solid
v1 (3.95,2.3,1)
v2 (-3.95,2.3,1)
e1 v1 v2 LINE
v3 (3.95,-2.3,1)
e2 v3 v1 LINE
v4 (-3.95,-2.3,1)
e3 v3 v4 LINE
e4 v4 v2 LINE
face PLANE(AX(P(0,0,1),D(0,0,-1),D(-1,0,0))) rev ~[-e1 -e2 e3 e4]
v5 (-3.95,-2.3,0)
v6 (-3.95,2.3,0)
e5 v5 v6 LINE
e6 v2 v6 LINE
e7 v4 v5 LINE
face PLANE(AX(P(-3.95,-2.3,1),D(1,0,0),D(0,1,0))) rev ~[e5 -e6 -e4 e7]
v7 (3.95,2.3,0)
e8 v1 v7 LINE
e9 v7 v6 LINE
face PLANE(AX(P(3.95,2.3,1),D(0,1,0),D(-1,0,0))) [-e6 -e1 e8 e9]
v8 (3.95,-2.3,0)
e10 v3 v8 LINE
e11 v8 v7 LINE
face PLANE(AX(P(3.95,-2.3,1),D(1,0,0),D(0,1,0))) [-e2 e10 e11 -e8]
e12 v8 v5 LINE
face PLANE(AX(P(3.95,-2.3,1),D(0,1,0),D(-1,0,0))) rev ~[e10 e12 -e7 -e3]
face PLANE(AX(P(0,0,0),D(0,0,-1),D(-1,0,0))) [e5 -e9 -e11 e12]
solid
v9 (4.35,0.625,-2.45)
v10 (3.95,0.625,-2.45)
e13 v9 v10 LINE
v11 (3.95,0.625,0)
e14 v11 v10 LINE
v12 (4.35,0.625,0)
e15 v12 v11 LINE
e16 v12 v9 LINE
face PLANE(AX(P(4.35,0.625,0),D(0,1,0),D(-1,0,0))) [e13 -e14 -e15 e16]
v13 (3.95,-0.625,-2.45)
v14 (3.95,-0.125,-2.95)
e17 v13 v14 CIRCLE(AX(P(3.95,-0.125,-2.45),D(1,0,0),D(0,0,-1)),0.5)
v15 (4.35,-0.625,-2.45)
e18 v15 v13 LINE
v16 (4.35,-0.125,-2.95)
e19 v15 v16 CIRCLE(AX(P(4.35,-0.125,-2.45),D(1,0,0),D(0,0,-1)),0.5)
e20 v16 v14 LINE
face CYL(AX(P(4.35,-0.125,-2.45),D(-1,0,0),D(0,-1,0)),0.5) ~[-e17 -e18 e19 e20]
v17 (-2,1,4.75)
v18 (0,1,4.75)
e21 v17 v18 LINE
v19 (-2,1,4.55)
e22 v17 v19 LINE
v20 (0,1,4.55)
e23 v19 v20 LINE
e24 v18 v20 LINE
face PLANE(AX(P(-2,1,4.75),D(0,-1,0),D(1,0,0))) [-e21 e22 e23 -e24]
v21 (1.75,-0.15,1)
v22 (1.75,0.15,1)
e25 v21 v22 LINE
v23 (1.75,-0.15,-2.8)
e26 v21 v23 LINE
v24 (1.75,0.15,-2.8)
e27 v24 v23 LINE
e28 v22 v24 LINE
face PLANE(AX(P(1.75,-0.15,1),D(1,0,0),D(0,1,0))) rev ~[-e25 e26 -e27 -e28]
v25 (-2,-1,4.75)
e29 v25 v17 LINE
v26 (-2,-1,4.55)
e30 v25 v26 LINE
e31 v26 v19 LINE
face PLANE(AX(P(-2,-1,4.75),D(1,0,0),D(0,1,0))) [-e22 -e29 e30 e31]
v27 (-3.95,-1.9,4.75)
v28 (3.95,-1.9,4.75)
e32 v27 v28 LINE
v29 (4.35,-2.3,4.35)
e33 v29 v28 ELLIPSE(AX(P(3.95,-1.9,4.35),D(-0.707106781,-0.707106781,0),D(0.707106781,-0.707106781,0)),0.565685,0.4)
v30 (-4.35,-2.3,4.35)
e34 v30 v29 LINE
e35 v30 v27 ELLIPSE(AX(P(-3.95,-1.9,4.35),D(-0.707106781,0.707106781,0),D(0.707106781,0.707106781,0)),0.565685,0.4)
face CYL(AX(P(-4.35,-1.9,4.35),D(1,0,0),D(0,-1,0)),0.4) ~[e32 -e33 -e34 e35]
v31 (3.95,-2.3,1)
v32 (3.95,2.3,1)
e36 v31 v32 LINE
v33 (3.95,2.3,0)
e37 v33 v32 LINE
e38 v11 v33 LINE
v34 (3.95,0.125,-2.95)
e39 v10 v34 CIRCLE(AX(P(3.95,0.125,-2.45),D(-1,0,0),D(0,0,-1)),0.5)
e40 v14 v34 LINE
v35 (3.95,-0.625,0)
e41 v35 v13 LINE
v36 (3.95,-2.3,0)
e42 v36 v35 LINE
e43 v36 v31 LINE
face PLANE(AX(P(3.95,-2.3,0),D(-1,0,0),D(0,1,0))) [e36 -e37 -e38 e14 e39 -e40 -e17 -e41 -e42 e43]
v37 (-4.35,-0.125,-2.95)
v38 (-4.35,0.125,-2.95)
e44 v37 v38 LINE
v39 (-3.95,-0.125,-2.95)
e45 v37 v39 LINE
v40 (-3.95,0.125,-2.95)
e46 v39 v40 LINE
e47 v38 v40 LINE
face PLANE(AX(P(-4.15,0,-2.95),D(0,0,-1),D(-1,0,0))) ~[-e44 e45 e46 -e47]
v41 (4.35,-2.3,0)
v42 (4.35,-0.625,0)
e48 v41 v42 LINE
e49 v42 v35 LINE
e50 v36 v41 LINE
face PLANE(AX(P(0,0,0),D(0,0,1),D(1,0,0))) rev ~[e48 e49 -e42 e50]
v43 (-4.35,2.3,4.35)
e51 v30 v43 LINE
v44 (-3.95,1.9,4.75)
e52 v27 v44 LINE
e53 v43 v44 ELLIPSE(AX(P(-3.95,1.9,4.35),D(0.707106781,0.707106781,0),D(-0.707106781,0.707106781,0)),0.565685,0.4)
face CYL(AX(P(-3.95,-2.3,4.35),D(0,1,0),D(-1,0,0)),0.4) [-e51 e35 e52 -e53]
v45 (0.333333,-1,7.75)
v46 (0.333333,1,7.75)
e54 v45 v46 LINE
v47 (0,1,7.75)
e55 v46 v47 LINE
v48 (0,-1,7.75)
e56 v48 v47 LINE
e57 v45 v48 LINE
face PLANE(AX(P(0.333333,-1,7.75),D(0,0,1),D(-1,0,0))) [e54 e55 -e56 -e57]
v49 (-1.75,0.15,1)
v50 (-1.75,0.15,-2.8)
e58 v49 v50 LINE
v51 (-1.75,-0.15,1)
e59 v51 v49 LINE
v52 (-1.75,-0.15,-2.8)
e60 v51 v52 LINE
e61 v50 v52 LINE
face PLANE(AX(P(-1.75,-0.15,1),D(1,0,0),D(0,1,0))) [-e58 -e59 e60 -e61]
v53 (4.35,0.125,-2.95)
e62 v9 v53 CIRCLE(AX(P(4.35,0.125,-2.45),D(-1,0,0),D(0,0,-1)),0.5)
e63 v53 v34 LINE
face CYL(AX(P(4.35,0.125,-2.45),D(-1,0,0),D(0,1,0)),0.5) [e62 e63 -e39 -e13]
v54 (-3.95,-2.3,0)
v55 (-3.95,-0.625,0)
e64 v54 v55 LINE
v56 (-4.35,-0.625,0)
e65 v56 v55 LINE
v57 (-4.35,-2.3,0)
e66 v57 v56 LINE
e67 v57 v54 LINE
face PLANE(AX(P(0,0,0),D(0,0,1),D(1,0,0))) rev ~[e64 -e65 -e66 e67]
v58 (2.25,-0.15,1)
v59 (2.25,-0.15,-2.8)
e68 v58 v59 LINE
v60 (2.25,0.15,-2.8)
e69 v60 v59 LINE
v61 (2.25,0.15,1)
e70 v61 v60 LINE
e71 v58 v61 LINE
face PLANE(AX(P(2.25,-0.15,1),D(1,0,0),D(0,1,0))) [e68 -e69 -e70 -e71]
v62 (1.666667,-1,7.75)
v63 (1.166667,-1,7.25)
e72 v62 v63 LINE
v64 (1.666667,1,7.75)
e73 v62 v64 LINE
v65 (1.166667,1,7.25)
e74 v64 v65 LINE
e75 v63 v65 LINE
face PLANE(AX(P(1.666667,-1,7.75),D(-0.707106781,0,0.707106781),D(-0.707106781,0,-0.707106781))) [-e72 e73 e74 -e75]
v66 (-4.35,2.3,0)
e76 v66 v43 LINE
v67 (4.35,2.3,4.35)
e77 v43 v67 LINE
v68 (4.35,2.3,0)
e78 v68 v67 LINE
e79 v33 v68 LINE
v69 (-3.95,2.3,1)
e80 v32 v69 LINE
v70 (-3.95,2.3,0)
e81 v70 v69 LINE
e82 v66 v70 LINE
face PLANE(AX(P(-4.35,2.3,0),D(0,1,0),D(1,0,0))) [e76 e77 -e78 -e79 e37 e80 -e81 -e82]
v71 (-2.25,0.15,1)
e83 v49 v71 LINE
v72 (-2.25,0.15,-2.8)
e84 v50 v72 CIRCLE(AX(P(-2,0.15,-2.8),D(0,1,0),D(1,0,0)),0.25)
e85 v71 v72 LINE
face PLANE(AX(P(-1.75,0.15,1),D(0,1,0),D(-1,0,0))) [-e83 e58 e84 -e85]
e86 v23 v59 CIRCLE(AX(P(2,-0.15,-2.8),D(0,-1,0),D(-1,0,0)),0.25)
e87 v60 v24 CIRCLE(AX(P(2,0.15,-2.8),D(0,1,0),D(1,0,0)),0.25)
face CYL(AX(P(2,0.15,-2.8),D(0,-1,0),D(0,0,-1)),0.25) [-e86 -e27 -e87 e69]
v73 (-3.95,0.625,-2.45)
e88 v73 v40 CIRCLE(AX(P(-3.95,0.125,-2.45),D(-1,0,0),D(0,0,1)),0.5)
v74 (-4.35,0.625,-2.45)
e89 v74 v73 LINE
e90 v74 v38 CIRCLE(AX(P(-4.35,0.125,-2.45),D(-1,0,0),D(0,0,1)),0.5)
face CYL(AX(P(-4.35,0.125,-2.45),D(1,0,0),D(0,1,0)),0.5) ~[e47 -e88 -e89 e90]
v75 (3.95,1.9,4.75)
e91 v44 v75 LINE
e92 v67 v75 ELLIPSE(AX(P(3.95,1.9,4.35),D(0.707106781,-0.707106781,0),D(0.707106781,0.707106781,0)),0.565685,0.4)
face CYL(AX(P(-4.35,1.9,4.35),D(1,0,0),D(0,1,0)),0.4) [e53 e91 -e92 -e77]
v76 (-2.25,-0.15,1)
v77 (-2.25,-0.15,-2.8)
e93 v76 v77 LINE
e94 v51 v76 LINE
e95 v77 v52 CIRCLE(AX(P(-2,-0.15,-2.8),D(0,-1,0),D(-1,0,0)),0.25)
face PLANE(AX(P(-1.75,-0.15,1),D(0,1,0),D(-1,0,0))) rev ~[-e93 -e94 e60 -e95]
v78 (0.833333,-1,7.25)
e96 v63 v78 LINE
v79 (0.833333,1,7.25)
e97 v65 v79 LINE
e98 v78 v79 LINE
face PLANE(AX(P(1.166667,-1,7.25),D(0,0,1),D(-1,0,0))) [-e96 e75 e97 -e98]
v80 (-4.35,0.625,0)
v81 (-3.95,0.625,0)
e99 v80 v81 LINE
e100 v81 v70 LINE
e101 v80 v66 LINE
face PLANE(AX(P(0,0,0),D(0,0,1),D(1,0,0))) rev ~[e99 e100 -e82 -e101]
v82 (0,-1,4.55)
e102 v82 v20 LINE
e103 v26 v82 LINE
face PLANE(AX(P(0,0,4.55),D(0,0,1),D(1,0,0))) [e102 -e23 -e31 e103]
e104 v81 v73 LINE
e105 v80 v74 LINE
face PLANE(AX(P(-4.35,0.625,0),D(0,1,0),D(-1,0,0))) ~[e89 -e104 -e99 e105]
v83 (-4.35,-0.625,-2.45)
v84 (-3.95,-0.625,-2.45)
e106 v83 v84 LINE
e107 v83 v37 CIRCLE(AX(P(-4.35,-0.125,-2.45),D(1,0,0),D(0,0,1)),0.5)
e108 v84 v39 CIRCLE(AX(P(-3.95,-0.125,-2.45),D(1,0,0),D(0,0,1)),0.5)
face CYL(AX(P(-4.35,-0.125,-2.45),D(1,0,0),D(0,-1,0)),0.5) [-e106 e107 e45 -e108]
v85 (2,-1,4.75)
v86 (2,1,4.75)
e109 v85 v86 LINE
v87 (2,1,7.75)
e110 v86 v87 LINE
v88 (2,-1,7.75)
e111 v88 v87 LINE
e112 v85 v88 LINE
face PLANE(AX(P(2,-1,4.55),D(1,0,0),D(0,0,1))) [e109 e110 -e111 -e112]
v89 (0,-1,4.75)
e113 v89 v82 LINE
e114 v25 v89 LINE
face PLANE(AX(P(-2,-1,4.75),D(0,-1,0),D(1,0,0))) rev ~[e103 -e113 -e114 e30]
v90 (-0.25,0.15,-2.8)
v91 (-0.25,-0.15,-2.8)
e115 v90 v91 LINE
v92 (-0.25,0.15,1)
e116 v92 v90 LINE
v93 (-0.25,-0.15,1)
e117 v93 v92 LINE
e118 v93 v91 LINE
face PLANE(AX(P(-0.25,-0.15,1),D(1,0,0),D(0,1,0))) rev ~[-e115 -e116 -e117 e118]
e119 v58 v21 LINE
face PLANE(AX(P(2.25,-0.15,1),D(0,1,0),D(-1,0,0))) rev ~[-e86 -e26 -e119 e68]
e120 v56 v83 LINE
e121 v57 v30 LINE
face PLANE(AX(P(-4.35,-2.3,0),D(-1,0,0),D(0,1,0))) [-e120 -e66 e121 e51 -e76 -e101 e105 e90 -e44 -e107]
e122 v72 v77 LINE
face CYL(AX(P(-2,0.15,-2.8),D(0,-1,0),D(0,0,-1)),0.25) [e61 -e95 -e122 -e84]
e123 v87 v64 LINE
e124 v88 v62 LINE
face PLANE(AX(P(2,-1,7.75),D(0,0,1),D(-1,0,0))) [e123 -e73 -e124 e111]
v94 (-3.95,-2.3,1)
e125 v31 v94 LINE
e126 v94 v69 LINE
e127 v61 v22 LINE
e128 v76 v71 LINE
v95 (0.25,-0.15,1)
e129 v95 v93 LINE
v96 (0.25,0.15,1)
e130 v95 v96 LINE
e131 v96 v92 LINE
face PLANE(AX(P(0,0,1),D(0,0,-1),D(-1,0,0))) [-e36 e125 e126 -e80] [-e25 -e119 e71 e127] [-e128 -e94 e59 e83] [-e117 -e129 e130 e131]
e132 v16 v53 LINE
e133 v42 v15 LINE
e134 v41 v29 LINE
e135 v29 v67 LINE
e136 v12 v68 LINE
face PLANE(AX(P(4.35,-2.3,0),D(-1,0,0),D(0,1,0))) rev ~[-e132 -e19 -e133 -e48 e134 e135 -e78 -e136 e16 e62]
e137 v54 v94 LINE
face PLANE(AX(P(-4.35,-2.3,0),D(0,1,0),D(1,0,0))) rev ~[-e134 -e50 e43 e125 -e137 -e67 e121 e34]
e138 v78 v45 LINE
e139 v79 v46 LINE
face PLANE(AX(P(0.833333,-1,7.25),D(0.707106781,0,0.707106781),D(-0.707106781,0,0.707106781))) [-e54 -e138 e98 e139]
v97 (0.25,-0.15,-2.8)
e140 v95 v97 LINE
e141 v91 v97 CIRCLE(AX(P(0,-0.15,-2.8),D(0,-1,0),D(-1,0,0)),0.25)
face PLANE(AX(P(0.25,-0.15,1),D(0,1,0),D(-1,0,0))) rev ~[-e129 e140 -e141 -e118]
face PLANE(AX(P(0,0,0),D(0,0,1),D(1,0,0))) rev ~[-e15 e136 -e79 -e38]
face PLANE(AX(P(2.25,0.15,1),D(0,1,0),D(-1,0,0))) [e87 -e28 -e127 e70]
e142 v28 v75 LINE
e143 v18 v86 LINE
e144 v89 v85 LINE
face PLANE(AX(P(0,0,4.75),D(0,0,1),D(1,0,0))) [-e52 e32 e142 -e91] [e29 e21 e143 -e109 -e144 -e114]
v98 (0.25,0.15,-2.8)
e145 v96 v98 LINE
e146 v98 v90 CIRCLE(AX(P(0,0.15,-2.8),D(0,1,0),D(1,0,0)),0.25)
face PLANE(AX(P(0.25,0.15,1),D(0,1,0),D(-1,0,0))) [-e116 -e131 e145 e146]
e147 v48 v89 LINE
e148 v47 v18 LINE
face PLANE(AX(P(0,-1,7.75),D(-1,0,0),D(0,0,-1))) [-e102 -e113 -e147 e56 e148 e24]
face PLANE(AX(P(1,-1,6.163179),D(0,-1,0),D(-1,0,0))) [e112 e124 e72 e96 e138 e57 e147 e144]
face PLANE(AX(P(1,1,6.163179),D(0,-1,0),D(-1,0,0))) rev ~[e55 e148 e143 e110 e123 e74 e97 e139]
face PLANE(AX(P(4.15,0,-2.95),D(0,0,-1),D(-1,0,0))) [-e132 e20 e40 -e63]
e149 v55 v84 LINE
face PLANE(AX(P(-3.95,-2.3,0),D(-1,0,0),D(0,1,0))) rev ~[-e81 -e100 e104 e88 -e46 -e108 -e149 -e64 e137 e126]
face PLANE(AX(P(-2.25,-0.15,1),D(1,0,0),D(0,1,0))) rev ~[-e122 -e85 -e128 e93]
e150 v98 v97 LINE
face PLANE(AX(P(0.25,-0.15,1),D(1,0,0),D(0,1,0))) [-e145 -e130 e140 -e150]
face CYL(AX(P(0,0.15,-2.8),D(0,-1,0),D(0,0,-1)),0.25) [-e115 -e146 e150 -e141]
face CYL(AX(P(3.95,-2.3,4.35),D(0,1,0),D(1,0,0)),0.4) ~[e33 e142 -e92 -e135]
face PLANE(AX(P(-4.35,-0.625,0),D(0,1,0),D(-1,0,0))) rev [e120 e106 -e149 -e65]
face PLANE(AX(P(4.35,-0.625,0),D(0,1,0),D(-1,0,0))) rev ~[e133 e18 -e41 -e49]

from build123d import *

# Parameters (mm, degrees)
SKETCH1_W                         = 8.7
SKETCH1_H                         = 4.6
BOSS_EXTRUDE1_DEPTH               = 4.75
FILLET2_R                         = 0.4
SKETCH2_W                         = 4
SKETCH2_H                         = 2
CUT_EXTRUDE1_DEPTH                = 0.2
BOSS_EXTRUDE2_DEPTH               = 2
SKETCH8_W                         = 7.9
SKETCH8_H                         = 4.6
CUT_EXTRUDE2_DEPTH                = 1
SKETCH5_W                         = 0.4
SKETCH5_H                         = 1.25
BOSS_EXTRUDE3_DEPTH               = 2.95
FILLET3_R                         = 0.5
FILLET3_OF_MIRROR1_R              = 0.5
SKETCH10_W                        = 0.5
SKETCH10_H                        = 0.3
BOSS_EXTRUDE6_DEPTH               = 4.05
FILLET5_RADIUS                    = 0.25
FILLET5_LENGTH                    = 0.3
LPATTERN3_COUNT                   = 2
LPATTERN3_PITCH                   = 2
FILLET5_OF_LPATTERN3_2_RADIUS     = 0.25
FILLET5_OF_LPATTERN3_2_LENGTH     = 0.3
LPATTERN3_COL_COUNT               = 2
LPATTERN3_COL_PITCH               = 2
FILLET5_OF_LPATTERN3_COL_2_RADIUS = 0.25
FILLET5_OF_LPATTERN3_COL_2_LENGTH = 0.3
SKETCH9_W                         = 7.9
SKETCH9_H                         = 4.6
BOSS_EXTRUDE7_DEPTH               = 1


with BuildPart() as part:
    # Sketch1 → Boss-Extrude1 (new body)
    with BuildSketch(Plane.XY):
        Rectangle(SKETCH1_W, SKETCH1_H)
    extrude(amount=BOSS_EXTRUDE1_DEPTH)

    # Fillet2
    fillet2_edges = [part.edges().sort_by_distance(p)[0] for p in [
        (-4.35, 0, 4.75),
        (0, -2.3, 4.75),
        (4.35, 0, 4.75),
        (0, 2.3, 4.75),
    ]]
    fillet(fillet2_edges, radius=FILLET2_R)

    # Sketch2 → Cut-Extrude1 (cut)
    with BuildSketch(Plane.XY.offset(4.75)):
        Rectangle(SKETCH2_W, SKETCH2_H)
    extrude(amount=-CUT_EXTRUDE1_DEPTH, mode=Mode.SUBTRACT)

    # Sketch4 → Boss-Extrude2 (add)
    with BuildSketch(Plane(origin=(0, -1, 0), x_dir=(1, 0, 0), z_dir=(0, 1, 0))):
        Polygon((2, -4.55), (2, -7.75), (1.666666667, -7.75), (1.166666667, -7.25), (0.833333333, -7.25), (0.333333333, -7.75), (0, -7.75), (0, -4.55), align=None)
    extrude(amount=BOSS_EXTRUDE2_DEPTH)

    # Sketch8 → Cut-Extrude2 (cut)
    with BuildSketch(Plane(origin=(0, 0, 0), x_dir=(-1, 0, 0), z_dir=(0, 0, -1))):
        Rectangle(SKETCH8_W, SKETCH8_H)
    extrude(amount=-CUT_EXTRUDE2_DEPTH, mode=Mode.SUBTRACT)

    # Sketch5 → Boss-Extrude3 (add)
    with BuildSketch(Plane(origin=(0, 0, 0), x_dir=(-1, 0, 0), z_dir=(0, 0, -1))):
        with Locations((-4.15, 0)):
            Rectangle(SKETCH5_W, SKETCH5_H)
    boss_extrude3 = extrude(amount=BOSS_EXTRUDE3_DEPTH)

    # Fillet3
    fillet3_edges = [part.edges().sort_by_distance(p)[0] for p in [
        (4.15, 0.625, -2.95),
        (4.15, -0.625, -2.95),
    ]]
    fillet(fillet3_edges, radius=FILLET3_R)

    # Mirror1: Boss-Extrude3 across plane
    add(boss_extrude3.mirror(Plane(origin=(0, 0, 0), x_dir=(0, 0, 1), z_dir=(1, 0, 0))))

    # Fillet3 of Mirror1
    fillet3_of_mirror1_edges = [part.edges().sort_by_distance(p)[0] for p in [
        (-4.15, 0.625, -2.95),
        (-4.15, -0.625, -2.95),
    ]]
    fillet(fillet3_of_mirror1_edges, radius=FILLET3_OF_MIRROR1_R)

    # Sketch10 → Boss-Extrude6 (add)
    with BuildSketch(Plane(origin=(0, 0, 1), x_dir=(-1, 0, 0), z_dir=(0, 0, -1))):
        Rectangle(SKETCH10_W, SKETCH10_H)
    boss_extrude6 = extrude(amount=BOSS_EXTRUDE6_DEPTH)

    # Fillet5: full round fillet: the end face becomes a half cylinder, R = half its width
    fillet5_face = Plane((0, 0, -3.05), x_dir=(0, -1, 0), z_dir=(0, 0, -1))  # on the end face: x along it, z out of the body
    fillet5_slab = fillet5_face.offset(-FILLET5_RADIUS / 2) * Box(FILLET5_LENGTH, 2 * FILLET5_RADIUS, FILLET5_RADIUS, mode=Mode.PRIVATE)  # the body's end, R deep
    fillet5_round = Plane((0, 0, -2.8), x_dir=(0, 0, -1), z_dir=(0, -1, 0)) * Cylinder(FILLET5_RADIUS, FILLET5_LENGTH, mode=Mode.PRIVATE)  # its axis R under the face
    add(fillet5_slab - fillet5_round, mode=Mode.SUBTRACT)

    # LPattern3: Boss-Extrude6 ×2
    with Locations(*[(i * LPATTERN3_PITCH, 0, 0) for i in range(1, LPATTERN3_COUNT)]):
        add(boss_extrude6)

    # Fillet5 of LPattern3 2: full round fillet: the end face becomes a half cylinder, R = half its width
    fillet5_of_lpattern3_2_face = Plane((2, 0, -3.05), x_dir=(0, -1, 0), z_dir=(0, 0, -1))  # on the end face: x along it, z out of the body
    fillet5_of_lpattern3_2_slab = fillet5_of_lpattern3_2_face.offset(-FILLET5_OF_LPATTERN3_2_RADIUS / 2) * Box(FILLET5_OF_LPATTERN3_2_LENGTH, 2 * FILLET5_OF_LPATTERN3_2_RADIUS, FILLET5_OF_LPATTERN3_2_RADIUS, mode=Mode.PRIVATE)  # the body's end, R deep
    fillet5_of_lpattern3_2_round = Plane((2, 0, -2.8), x_dir=(0, 0, -1), z_dir=(0, -1, 0)) * Cylinder(FILLET5_OF_LPATTERN3_2_RADIUS, FILLET5_OF_LPATTERN3_2_LENGTH, mode=Mode.PRIVATE)  # its axis R under the face
    add(fillet5_of_lpattern3_2_slab - fillet5_of_lpattern3_2_round, mode=Mode.SUBTRACT)

    # LPattern3 col: Boss-Extrude6 ×2
    with Locations(*[(-i * LPATTERN3_COL_PITCH, 0, 0) for i in range(1, LPATTERN3_COL_COUNT)]):
        add(boss_extrude6)

    # Fillet5 of LPattern3 col 2: full round fillet: the end face becomes a half cylinder, R = half its width
    fillet5_of_lpattern3_col_2_face = Plane((-2, 0, -3.05), x_dir=(0, -1, 0), z_dir=(0, 0, -1))  # on the end face: x along it, z out of the body
    fillet5_of_lpattern3_col_2_slab = fillet5_of_lpattern3_col_2_face.offset(-FILLET5_OF_LPATTERN3_COL_2_RADIUS / 2) * Box(FILLET5_OF_LPATTERN3_COL_2_LENGTH, 2 * FILLET5_OF_LPATTERN3_COL_2_RADIUS, FILLET5_OF_LPATTERN3_COL_2_RADIUS, mode=Mode.PRIVATE)  # the body's end, R deep
    fillet5_of_lpattern3_col_2_round = Plane((-2, 0, -2.8), x_dir=(0, 0, -1), z_dir=(0, -1, 0)) * Cylinder(FILLET5_OF_LPATTERN3_COL_2_RADIUS, FILLET5_OF_LPATTERN3_COL_2_LENGTH, mode=Mode.PRIVATE)  # its axis R under the face
    add(fillet5_of_lpattern3_col_2_slab - fillet5_of_lpattern3_col_2_round, mode=Mode.SUBTRACT)


with BuildPart() as body_2:
    # Sketch9 → Boss-Extrude7 (new body)
    with BuildSketch(Plane(origin=(0, 0, 1), x_dir=(-1, 0, 0), z_dir=(0, 0, -1))):
        Rectangle(SKETCH9_W, SKETCH9_H)
    extrude(amount=BOSS_EXTRUDE7_DEPTH)


solid = Compound([part.part, body_2.part])
